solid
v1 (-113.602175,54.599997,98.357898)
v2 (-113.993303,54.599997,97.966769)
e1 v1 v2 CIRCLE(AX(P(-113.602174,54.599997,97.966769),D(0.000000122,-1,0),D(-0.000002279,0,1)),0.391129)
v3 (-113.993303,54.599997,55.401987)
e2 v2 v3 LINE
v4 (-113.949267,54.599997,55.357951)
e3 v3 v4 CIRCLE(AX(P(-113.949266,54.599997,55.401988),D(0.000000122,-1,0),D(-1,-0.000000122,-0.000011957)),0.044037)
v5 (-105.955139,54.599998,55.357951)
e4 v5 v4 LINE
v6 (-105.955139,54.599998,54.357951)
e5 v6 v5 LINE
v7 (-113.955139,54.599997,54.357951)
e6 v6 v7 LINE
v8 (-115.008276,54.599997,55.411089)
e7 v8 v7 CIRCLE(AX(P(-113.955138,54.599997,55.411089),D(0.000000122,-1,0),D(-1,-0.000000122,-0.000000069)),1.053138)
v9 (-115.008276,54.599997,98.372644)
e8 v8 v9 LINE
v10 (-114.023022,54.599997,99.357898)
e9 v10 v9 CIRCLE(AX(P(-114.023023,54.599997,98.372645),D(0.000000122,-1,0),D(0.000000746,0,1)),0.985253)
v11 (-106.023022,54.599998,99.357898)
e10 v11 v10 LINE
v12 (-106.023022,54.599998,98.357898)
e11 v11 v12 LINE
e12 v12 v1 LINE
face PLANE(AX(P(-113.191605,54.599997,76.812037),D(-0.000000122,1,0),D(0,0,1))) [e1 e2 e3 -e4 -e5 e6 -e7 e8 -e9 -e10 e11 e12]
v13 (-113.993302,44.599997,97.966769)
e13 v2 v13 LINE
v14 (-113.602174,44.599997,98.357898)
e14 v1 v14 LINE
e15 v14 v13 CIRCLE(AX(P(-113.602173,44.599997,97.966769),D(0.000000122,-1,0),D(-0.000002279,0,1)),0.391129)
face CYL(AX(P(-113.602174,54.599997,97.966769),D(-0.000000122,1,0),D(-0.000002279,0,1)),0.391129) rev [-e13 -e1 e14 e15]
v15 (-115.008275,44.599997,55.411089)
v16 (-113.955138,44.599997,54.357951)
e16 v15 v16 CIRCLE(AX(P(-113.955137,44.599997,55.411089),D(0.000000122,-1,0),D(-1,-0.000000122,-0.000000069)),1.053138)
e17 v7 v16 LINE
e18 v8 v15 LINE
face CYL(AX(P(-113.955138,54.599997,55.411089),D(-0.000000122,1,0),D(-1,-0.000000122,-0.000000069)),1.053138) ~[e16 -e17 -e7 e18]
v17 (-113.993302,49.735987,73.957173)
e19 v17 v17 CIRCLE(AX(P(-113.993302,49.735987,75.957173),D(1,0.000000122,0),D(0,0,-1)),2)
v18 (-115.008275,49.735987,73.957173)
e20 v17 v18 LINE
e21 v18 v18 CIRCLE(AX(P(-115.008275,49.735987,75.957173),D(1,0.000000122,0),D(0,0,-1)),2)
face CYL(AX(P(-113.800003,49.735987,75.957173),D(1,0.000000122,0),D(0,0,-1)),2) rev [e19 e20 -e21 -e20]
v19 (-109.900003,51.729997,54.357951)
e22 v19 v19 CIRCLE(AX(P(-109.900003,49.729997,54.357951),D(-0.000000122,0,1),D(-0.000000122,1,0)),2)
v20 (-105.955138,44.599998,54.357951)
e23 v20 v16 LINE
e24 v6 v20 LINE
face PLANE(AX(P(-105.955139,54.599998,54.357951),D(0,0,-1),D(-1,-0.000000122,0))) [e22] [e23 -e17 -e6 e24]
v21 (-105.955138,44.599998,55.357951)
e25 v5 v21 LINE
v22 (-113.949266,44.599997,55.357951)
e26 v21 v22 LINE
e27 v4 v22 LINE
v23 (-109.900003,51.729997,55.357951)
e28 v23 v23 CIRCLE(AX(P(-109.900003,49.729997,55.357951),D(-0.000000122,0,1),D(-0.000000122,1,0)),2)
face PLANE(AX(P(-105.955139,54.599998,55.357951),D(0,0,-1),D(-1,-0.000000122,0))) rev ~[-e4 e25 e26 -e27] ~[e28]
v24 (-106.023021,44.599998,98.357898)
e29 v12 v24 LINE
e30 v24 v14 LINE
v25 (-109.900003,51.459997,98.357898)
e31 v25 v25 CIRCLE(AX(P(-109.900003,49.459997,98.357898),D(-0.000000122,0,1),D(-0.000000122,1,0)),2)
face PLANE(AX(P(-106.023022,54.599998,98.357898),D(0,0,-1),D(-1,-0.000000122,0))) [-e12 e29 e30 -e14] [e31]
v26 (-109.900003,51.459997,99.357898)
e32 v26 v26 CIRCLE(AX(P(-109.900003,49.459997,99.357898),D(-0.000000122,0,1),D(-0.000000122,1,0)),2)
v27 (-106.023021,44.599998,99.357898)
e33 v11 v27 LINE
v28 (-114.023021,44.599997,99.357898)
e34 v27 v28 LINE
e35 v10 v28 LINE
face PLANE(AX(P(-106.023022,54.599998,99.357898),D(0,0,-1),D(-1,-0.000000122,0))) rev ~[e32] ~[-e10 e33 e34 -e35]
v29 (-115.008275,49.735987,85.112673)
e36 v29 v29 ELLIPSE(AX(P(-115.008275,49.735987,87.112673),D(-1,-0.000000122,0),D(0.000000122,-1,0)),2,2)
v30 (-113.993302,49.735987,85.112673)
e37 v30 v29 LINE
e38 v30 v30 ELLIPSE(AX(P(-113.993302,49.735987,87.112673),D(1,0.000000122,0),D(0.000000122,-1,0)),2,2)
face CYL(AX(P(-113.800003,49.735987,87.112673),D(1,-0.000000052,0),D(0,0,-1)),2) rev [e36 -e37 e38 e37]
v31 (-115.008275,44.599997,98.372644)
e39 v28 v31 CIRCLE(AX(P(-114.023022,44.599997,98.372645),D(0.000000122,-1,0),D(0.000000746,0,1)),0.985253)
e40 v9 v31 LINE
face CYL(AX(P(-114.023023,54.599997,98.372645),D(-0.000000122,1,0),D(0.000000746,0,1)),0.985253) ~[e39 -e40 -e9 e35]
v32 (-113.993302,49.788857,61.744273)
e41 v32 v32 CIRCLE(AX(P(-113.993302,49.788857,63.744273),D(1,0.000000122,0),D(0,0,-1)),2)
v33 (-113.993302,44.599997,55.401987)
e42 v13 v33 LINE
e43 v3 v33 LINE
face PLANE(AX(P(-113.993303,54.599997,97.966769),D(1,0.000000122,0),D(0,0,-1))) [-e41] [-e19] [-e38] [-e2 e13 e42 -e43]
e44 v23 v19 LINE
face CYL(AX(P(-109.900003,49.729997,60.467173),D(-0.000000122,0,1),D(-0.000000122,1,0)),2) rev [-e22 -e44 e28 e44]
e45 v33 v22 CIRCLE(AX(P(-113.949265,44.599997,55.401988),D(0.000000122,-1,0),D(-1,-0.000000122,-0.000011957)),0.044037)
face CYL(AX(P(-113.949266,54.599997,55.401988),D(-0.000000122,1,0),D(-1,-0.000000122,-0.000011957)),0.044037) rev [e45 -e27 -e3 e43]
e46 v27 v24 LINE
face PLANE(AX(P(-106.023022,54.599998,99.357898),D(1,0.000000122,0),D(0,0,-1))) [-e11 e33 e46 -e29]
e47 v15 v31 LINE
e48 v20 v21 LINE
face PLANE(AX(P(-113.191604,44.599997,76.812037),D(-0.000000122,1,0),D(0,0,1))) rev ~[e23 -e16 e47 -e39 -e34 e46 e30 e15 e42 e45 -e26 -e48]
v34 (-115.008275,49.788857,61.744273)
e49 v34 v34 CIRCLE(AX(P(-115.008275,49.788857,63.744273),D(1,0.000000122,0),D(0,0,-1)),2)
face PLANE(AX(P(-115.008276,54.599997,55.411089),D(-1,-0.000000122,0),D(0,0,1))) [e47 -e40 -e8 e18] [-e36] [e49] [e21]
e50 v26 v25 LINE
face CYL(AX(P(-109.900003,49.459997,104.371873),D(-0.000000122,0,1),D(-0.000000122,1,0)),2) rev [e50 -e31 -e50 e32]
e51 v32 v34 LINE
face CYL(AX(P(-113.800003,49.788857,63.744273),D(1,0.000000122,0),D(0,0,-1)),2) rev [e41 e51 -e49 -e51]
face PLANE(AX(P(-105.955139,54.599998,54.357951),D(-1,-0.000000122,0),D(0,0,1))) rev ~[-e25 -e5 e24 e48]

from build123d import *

# Parameters (mm, degrees)
CYLINDER030_R               = 2
CYLINDER030_DEPTH           = 10
CYLINDER030_PITCH_ANGLE     = 90
CYLINDER030_PLACEMENT_ANGLE = 7e-06
CYLINDER031_R               = 2
CYLINDER031_DEPTH           = 10
CYLINDER031_PITCH_ANGLE     = 90
CYLINDER031_PLACEMENT_ANGLE = 7e-06
CYLINDER026_R               = 2
CYLINDER026_DEPTH           = 2
CYLINDER026_ROLL_ANGLE      = -88.507054
CYLINDER026_PITCH_ANGLE     = -87.01751
CYLINDER026_PLACEMENT_ANGLE = -92.244015
CYLINDER028_R               = 2
CYLINDER028_DEPTH           = 2
CYLINDER028_PLACEMENT_ANGLE = 90.00001
CYLINDER029_R               = 2
CYLINDER029_DEPTH           = 2
CYLINDER029_ROLL_ANGLE      = 90
CYLINDER027_R               = 2
CYLINDER027_DEPTH           = 2
CYLINDER027_ROLL_ANGLE      = 90
CYLINDER025_R               = 2
CYLINDER025_DEPTH           = 2
CYLINDER025_ROLL_ANGLE      = -88.507054
CYLINDER025_PITCH_ANGLE     = -87.01751
CYLINDER025_PLACEMENT_ANGLE = -92.244015
PAD006_DEPTH                = 10
CUT028_PITCH_ANGLE          = 90
CUT028_PLACEMENT_ANGLE      = -89.999993


with BuildPart() as cylinder030:
    # Cylinder030 → Cylinder030 (new body)
    with BuildSketch(Plane.XY):
        Circle(CYLINDER030_R)
    extrude(amount=CYLINDER030_DEPTH)


with BuildPart() as cylinder030_1:
    # Cylinder030 pitch: moved
    add(cylinder030.part.rotate(Axis((0, 0, 0), (0, 1, 0)), CYLINDER030_PITCH_ANGLE))


with BuildPart() as cylinder030_2:
    # Cylinder030 placement: moved
    add(cylinder030_1.part.moved(Location((15.49, 3.9, 4.87))).rotate(Axis((15.49, 3.9, 4.87), (0, 0, 1)), CYLINDER030_PLACEMENT_ANGLE))


with BuildPart() as cylinder031:
    # Cylinder031 → Cylinder031 (new body)
    with BuildSketch(Plane.XY):
        Circle(CYLINDER031_R)
    extrude(amount=CYLINDER031_DEPTH)


with BuildPart() as cylinder031_1:
    # Cylinder031 pitch: moved
    add(cylinder031.part.rotate(Axis((0, 0, 0), (0, 1, 0)), CYLINDER031_PITCH_ANGLE))


with BuildPart() as cylinder031_2:
    # Cylinder031 placement: moved
    add(cylinder031_1.part.moved(Location((-28.4147, 3.9, 5.14))).rotate(Axis((-28.4147, 3.9, 5.14), (0, 0, 1)), CYLINDER031_PLACEMENT_ANGLE))


with BuildPart() as cylinder026:
    # Cylinder026 → Cylinder026 (new body)
    with BuildSketch(Plane.XY):
        Circle(CYLINDER026_R)
    extrude(amount=CYLINDER026_DEPTH)


with BuildPart() as cylinder026_1:
    # Cylinder026 roll: moved
    add(cylinder026.part.rotate(Axis((0, 0, 0), (1, 0, 0)), CYLINDER026_ROLL_ANGLE))


with BuildPart() as cylinder026_2:
    # Cylinder026 pitch: moved
    add(cylinder026_1.part.rotate(Axis((0, 0, 0), (0, 1, 0)), CYLINDER026_PITCH_ANGLE))


with BuildPart() as cylinder026_3:
    # Cylinder026 placement: moved
    add(cylinder026_2.part.moved(Location((-26, 5.29, 4.9))).rotate(Axis((-26, 5.29, 4.9), (0, 0, 1)), CYLINDER026_PLACEMENT_ANGLE))


with BuildPart() as cylinder028:
    # Cylinder028 → Cylinder028 (new body)
    with BuildSketch(Plane.XY):
        Circle(CYLINDER028_R)
    extrude(amount=CYLINDER028_DEPTH)


with BuildPart() as cylinder028_1:
    # Cylinder028 placement: moved
    add(cylinder028.part.moved(Location((-11.1555, 0, 4.86401))).rotate(Axis((-11.1555, 0, 4.86401), (1, 0, 0)), CYLINDER028_PLACEMENT_ANGLE))


with BuildPart() as cylinder029:
    # Cylinder029 → Cylinder029 (new body)
    with BuildSketch(Plane.XY):
        Circle(CYLINDER029_R)
    extrude(amount=CYLINDER029_DEPTH)


with BuildPart() as cylinder029_1:
    # Cylinder029 roll: moved
    add(cylinder029.part.rotate(Axis((0, 0, 0), (1, 0, 0)), CYLINDER029_ROLL_ANGLE))


with BuildPart() as cylinder029_2:
    # Cylinder029 placement: moved
    add(cylinder029_1.part.moved(Location((0, 0, 4.86401))))


with BuildPart() as cylinder027:
    # Cylinder027 → Cylinder027 (new body)
    with BuildSketch(Plane.XY):
        Circle(CYLINDER027_R)
    extrude(amount=CYLINDER027_DEPTH)


with BuildPart() as cylinder027_1:
    # Cylinder027 roll: moved
    add(cylinder027.part.rotate(Axis((0, 0, 0), (1, 0, 0)), CYLINDER027_ROLL_ANGLE))


with BuildPart() as cylinder027_2:
    # Cylinder027 placement: moved
    add(cylinder027_1.part.moved(Location((12.2129, 0, 4.81114))))


with BuildPart() as cylinder025:
    # Cylinder025 → Cylinder025 (new body)
    with BuildSketch(Plane.XY):
        Circle(CYLINDER025_R)
    extrude(amount=CYLINDER025_DEPTH)


with BuildPart() as cylinder025_1:
    # Cylinder025 roll: moved
    add(cylinder025.part.rotate(Axis((0, 0, 0), (1, 0, 0)), CYLINDER025_ROLL_ANGLE))


with BuildPart() as cylinder025_2:
    # Cylinder025 pitch: moved
    add(cylinder025_1.part.rotate(Axis((0, 0, 0), (0, 1, 0)), CYLINDER025_PITCH_ANGLE))


with BuildPart() as cylinder025_3:
    # Cylinder025 placement: moved
    add(cylinder025_2.part.moved(Location((25, 5.38, 4.9))).rotate(Axis((25, 5.38, 4.9), (0, 0, 1)), CYLINDER025_PLACEMENT_ANGLE))


with BuildPart() as cut028:
    # Sketch007 → Pad006 (new body)
    with BuildSketch(Plane.XY):
        with BuildLine():
            Line((20.546084, -1.208272), (-22.415471, -1.208272))
            ThreePointArc((-23.400725, -0.223018), (-23.112151, -0.919698), (-22.415471, -1.208272))
            Line((-23.400725, 7.776982), (-23.400725, -0.223018))
            Line((-23.400725, 7.776982), (-22.400725, 7.776982))
            Line((-22.400725, 7.776982), (-22.400725, 0.197829))
            ThreePointArc((-22.400725, 0.197829), (-22.286166, -0.07874), (-22.009596, -0.193299))
            Line((-22.009596, -0.193299), (20.555186, -0.193299))
            ThreePointArc((20.555186, -0.193299), (20.586324, -0.180401), (20.599222, -0.149263))
            Line((20.599222, 7.844865), (20.599222, -0.149263))
            Line((21.599222, 7.844865), (20.599222, 7.844865))
            Line((21.599222, 7.844865), (21.599222, -0.155135))
            ThreePointArc((20.546084, -1.208272), (21.290765, -0.899815), (21.599222, -0.155135))
        make_face()
    extrude(amount=PAD006_DEPTH)

    # Cut005: cut Cylinder025
    add(cylinder025_3.part, mode=Mode.SUBTRACT)

    # Cut006: cut Cylinder027
    add(cylinder027_2.part, mode=Mode.SUBTRACT)

    # Cut007: cut Cylinder029
    add(cylinder029_2.part, mode=Mode.SUBTRACT)

    # Cut008: cut Cylinder028
    add(cylinder028_1.part, mode=Mode.SUBTRACT)

    # Cut009: cut Cylinder026
    add(cylinder026_3.part, mode=Mode.SUBTRACT)

    # Cut018: cut Cylinder031
    add(cylinder031_2.part, mode=Mode.SUBTRACT)

    # Cut028: cut Cylinder030
    add(cylinder030_2.part, mode=Mode.SUBTRACT)


with BuildPart() as cut028_1:
    # Cut028 pitch: moved
    add(cut028.part.rotate(Axis((0, 0, 0), (0, 1, 0)), CUT028_PITCH_ANGLE))


with BuildPart() as cut028_2:
    # Cut028 placement: moved
    add(cut028_1.part.moved(Location((-113.800004, 54.599997, 75.957173))).rotate(Axis((-113.800004, 54.599997, 75.957173), (0, 0, 1)), CUT028_PLACEMENT_ANGLE))


solid = cut028_2.part
